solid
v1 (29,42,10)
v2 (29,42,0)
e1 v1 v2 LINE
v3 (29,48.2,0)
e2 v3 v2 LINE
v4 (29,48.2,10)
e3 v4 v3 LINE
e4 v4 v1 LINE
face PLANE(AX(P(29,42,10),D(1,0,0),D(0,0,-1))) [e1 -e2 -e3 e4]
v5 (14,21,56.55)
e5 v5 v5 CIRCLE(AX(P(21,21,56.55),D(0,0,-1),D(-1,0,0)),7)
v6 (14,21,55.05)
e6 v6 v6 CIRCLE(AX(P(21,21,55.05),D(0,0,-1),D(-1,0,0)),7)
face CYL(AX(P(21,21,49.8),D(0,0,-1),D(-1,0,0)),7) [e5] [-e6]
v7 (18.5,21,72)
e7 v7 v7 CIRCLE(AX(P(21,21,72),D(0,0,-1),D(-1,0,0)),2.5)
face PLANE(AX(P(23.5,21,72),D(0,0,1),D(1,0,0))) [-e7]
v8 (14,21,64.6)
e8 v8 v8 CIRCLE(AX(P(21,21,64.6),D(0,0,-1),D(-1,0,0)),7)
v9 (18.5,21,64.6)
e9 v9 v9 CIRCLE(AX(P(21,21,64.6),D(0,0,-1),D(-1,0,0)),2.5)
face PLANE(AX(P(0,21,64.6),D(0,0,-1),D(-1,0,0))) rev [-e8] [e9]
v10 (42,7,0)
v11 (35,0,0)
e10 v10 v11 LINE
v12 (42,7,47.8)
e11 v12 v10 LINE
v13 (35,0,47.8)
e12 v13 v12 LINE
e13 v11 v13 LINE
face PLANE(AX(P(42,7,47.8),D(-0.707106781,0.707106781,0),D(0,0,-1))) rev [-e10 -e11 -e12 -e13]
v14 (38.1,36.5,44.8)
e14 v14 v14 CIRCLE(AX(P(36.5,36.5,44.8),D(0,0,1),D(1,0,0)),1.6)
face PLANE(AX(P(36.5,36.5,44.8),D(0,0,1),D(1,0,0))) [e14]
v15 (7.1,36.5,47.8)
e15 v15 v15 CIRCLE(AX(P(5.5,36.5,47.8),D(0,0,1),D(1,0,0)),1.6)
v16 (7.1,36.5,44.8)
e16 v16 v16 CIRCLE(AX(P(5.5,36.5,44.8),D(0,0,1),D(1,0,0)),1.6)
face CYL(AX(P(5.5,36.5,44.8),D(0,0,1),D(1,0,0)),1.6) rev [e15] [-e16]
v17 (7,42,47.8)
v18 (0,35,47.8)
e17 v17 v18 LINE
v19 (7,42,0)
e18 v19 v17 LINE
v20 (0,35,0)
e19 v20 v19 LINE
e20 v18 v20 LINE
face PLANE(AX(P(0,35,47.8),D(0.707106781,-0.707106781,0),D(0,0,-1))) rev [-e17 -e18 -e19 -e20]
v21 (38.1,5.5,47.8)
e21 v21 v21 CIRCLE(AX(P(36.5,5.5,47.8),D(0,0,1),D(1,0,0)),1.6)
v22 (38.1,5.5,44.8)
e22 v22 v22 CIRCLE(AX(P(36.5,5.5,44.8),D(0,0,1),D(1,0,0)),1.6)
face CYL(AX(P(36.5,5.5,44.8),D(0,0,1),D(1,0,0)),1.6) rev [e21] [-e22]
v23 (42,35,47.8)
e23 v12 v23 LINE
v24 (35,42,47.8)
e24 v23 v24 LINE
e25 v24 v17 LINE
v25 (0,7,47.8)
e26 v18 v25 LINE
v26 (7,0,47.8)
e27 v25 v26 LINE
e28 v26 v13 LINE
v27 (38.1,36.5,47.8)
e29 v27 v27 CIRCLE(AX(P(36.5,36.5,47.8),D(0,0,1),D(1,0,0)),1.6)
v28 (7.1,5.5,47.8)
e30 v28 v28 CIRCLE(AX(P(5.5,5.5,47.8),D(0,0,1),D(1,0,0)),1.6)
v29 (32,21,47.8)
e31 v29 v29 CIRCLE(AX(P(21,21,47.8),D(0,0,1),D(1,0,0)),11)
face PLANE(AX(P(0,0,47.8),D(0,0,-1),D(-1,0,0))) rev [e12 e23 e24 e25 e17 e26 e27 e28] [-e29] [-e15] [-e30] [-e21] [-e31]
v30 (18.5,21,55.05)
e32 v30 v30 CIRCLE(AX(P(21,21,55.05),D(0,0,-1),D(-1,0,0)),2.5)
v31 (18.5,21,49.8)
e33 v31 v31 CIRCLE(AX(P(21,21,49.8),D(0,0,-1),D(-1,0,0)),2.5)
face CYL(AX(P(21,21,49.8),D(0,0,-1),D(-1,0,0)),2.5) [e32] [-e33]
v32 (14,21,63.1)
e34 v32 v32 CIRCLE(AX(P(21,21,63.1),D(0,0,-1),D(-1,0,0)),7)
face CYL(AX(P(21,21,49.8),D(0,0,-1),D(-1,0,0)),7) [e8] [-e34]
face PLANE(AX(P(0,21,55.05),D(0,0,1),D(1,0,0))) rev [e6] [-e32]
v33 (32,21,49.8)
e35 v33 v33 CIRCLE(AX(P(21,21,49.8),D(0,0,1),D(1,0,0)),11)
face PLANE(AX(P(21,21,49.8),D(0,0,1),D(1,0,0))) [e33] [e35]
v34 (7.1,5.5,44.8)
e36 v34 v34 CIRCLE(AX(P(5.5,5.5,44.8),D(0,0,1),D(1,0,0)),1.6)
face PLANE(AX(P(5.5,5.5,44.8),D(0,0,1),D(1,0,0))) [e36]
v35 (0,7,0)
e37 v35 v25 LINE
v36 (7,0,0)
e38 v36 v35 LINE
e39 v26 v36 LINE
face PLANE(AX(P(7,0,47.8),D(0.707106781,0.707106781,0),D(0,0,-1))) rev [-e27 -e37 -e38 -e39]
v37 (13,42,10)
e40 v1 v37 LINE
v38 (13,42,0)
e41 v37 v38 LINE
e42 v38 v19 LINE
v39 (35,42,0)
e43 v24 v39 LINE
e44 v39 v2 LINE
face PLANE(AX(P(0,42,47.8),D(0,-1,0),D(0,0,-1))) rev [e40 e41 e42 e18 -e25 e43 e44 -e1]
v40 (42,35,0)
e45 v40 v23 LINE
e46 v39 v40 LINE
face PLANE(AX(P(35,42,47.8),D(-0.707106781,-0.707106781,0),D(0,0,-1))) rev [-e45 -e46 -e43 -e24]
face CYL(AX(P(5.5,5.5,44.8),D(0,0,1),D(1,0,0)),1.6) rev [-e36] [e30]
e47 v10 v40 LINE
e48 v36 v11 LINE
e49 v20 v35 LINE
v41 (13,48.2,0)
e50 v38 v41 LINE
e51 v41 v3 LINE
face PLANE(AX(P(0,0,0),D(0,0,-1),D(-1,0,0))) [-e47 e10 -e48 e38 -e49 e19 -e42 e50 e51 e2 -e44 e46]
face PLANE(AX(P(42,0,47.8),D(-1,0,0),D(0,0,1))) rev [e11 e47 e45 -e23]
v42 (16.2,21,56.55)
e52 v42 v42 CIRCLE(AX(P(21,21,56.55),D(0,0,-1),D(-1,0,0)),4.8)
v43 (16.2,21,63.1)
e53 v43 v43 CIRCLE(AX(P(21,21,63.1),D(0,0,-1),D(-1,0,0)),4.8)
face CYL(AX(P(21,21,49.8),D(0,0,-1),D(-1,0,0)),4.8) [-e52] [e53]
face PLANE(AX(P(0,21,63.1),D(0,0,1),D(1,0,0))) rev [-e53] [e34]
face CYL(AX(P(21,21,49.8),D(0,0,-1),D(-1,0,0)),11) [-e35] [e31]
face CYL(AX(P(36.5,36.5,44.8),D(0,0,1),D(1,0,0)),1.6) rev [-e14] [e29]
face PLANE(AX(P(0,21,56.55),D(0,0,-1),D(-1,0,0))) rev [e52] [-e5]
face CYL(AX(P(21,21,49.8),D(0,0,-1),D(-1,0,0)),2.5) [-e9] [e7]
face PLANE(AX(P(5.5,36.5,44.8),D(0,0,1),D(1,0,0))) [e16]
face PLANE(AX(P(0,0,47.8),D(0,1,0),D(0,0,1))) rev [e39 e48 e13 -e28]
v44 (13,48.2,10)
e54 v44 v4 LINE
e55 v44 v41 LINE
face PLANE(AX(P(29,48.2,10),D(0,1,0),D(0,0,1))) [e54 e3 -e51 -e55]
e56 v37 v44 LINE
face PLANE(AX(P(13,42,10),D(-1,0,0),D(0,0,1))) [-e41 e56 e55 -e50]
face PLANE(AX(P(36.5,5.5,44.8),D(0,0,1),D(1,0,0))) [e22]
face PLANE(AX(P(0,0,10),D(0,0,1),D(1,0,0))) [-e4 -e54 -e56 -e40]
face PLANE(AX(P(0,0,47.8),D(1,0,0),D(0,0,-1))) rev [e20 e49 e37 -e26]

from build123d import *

# Parameters (mm, degrees)
SKETCH1_W           = 42
SKETCH1_H           = 42
BOSS_EXTRUDE1_DEPTH = 47.8
CHAMFER1_SIZE       = 7
SKETCH2_W           = 16
SKETCH2_H           = 6.2
BOSS_EXTRUDE2_DEPTH = 10
SKETCH3_R           = 11
BOSS_EXTRUDE3_DEPTH = 2
SKETCH4_R           = 1.6
CUT_EXTRUDE1_DEPTH  = 3


with BuildPart() as part:
    # Sketch1 → Boss-Extrude1 (new body)
    with BuildSketch(Plane.XY):
        with Locations((21, 21)):
            Rectangle(SKETCH1_W, SKETCH1_H)
    extrude(amount=BOSS_EXTRUDE1_DEPTH)

    # Chamfer1
    chamfer1_edges = [part.edges().sort_by_distance(p)[0] for p in [
        (0, 42, 23.9),
        (42, 42, 23.9),
        (42, 0, 23.9),
        (0, 0, 23.9),
    ]]
    chamfer(chamfer1_edges, length=CHAMFER1_SIZE)

    # Sketch2 → Boss-Extrude2 (add)
    with BuildSketch(Plane(origin=(0, 0, 0), x_dir=(-1, 0, 0), z_dir=(0, 0, -1))):
        with Locations((-21, 45.1)):
            Rectangle(SKETCH2_W, SKETCH2_H)
    extrude(amount=-BOSS_EXTRUDE2_DEPTH)

    # Sketch3 → Boss-Extrude3 (add)
    with BuildSketch(Plane.XY.offset(47.8)):
        with Locations((21, 21)):
            Circle(SKETCH3_R)
    extrude(amount=BOSS_EXTRUDE3_DEPTH)

    # Sketch4 → Cut-Extrude1 (cut)
    with BuildSketch(Plane.XY.offset(47.8)):
        with Locations((5.5, 36.5)):
            Circle(SKETCH4_R)
        with Locations((36.5, 36.5)):
            Circle(SKETCH4_R)
        with Locations((36.5, 5.5)):
            Circle(SKETCH4_R)
        with Locations((5.5, 5.5)):
            Circle(SKETCH4_R)
    extrude(amount=-CUT_EXTRUDE1_DEPTH, mode=Mode.SUBTRACT)

    # Sketch5 → Revolve1 (revolve)
    with BuildSketch(Plane(origin=(0, 21, 0), x_dir=(1, 0, 0), z_dir=(0, 1, 0)), mode=Mode.PRIVATE) as revolve1_sk:
        Polygon((23.5, -49.8), (21, -49.8), (21, -72), (23.5, -72), (23.5, -64.6), (28, -64.6), (28, -63.1), (25.8, -63.1), (25.8, -56.55), (28, -56.55), (28, -55.05), (23.5, -55.05), align=None)
    revolve(revolve1_sk.sketch.rotate(Axis((21, 21, 49.8), (0, 0, 1)), 180), axis=Axis((21, 21, 49.8), (0, 0, 1)))


solid = part.part
